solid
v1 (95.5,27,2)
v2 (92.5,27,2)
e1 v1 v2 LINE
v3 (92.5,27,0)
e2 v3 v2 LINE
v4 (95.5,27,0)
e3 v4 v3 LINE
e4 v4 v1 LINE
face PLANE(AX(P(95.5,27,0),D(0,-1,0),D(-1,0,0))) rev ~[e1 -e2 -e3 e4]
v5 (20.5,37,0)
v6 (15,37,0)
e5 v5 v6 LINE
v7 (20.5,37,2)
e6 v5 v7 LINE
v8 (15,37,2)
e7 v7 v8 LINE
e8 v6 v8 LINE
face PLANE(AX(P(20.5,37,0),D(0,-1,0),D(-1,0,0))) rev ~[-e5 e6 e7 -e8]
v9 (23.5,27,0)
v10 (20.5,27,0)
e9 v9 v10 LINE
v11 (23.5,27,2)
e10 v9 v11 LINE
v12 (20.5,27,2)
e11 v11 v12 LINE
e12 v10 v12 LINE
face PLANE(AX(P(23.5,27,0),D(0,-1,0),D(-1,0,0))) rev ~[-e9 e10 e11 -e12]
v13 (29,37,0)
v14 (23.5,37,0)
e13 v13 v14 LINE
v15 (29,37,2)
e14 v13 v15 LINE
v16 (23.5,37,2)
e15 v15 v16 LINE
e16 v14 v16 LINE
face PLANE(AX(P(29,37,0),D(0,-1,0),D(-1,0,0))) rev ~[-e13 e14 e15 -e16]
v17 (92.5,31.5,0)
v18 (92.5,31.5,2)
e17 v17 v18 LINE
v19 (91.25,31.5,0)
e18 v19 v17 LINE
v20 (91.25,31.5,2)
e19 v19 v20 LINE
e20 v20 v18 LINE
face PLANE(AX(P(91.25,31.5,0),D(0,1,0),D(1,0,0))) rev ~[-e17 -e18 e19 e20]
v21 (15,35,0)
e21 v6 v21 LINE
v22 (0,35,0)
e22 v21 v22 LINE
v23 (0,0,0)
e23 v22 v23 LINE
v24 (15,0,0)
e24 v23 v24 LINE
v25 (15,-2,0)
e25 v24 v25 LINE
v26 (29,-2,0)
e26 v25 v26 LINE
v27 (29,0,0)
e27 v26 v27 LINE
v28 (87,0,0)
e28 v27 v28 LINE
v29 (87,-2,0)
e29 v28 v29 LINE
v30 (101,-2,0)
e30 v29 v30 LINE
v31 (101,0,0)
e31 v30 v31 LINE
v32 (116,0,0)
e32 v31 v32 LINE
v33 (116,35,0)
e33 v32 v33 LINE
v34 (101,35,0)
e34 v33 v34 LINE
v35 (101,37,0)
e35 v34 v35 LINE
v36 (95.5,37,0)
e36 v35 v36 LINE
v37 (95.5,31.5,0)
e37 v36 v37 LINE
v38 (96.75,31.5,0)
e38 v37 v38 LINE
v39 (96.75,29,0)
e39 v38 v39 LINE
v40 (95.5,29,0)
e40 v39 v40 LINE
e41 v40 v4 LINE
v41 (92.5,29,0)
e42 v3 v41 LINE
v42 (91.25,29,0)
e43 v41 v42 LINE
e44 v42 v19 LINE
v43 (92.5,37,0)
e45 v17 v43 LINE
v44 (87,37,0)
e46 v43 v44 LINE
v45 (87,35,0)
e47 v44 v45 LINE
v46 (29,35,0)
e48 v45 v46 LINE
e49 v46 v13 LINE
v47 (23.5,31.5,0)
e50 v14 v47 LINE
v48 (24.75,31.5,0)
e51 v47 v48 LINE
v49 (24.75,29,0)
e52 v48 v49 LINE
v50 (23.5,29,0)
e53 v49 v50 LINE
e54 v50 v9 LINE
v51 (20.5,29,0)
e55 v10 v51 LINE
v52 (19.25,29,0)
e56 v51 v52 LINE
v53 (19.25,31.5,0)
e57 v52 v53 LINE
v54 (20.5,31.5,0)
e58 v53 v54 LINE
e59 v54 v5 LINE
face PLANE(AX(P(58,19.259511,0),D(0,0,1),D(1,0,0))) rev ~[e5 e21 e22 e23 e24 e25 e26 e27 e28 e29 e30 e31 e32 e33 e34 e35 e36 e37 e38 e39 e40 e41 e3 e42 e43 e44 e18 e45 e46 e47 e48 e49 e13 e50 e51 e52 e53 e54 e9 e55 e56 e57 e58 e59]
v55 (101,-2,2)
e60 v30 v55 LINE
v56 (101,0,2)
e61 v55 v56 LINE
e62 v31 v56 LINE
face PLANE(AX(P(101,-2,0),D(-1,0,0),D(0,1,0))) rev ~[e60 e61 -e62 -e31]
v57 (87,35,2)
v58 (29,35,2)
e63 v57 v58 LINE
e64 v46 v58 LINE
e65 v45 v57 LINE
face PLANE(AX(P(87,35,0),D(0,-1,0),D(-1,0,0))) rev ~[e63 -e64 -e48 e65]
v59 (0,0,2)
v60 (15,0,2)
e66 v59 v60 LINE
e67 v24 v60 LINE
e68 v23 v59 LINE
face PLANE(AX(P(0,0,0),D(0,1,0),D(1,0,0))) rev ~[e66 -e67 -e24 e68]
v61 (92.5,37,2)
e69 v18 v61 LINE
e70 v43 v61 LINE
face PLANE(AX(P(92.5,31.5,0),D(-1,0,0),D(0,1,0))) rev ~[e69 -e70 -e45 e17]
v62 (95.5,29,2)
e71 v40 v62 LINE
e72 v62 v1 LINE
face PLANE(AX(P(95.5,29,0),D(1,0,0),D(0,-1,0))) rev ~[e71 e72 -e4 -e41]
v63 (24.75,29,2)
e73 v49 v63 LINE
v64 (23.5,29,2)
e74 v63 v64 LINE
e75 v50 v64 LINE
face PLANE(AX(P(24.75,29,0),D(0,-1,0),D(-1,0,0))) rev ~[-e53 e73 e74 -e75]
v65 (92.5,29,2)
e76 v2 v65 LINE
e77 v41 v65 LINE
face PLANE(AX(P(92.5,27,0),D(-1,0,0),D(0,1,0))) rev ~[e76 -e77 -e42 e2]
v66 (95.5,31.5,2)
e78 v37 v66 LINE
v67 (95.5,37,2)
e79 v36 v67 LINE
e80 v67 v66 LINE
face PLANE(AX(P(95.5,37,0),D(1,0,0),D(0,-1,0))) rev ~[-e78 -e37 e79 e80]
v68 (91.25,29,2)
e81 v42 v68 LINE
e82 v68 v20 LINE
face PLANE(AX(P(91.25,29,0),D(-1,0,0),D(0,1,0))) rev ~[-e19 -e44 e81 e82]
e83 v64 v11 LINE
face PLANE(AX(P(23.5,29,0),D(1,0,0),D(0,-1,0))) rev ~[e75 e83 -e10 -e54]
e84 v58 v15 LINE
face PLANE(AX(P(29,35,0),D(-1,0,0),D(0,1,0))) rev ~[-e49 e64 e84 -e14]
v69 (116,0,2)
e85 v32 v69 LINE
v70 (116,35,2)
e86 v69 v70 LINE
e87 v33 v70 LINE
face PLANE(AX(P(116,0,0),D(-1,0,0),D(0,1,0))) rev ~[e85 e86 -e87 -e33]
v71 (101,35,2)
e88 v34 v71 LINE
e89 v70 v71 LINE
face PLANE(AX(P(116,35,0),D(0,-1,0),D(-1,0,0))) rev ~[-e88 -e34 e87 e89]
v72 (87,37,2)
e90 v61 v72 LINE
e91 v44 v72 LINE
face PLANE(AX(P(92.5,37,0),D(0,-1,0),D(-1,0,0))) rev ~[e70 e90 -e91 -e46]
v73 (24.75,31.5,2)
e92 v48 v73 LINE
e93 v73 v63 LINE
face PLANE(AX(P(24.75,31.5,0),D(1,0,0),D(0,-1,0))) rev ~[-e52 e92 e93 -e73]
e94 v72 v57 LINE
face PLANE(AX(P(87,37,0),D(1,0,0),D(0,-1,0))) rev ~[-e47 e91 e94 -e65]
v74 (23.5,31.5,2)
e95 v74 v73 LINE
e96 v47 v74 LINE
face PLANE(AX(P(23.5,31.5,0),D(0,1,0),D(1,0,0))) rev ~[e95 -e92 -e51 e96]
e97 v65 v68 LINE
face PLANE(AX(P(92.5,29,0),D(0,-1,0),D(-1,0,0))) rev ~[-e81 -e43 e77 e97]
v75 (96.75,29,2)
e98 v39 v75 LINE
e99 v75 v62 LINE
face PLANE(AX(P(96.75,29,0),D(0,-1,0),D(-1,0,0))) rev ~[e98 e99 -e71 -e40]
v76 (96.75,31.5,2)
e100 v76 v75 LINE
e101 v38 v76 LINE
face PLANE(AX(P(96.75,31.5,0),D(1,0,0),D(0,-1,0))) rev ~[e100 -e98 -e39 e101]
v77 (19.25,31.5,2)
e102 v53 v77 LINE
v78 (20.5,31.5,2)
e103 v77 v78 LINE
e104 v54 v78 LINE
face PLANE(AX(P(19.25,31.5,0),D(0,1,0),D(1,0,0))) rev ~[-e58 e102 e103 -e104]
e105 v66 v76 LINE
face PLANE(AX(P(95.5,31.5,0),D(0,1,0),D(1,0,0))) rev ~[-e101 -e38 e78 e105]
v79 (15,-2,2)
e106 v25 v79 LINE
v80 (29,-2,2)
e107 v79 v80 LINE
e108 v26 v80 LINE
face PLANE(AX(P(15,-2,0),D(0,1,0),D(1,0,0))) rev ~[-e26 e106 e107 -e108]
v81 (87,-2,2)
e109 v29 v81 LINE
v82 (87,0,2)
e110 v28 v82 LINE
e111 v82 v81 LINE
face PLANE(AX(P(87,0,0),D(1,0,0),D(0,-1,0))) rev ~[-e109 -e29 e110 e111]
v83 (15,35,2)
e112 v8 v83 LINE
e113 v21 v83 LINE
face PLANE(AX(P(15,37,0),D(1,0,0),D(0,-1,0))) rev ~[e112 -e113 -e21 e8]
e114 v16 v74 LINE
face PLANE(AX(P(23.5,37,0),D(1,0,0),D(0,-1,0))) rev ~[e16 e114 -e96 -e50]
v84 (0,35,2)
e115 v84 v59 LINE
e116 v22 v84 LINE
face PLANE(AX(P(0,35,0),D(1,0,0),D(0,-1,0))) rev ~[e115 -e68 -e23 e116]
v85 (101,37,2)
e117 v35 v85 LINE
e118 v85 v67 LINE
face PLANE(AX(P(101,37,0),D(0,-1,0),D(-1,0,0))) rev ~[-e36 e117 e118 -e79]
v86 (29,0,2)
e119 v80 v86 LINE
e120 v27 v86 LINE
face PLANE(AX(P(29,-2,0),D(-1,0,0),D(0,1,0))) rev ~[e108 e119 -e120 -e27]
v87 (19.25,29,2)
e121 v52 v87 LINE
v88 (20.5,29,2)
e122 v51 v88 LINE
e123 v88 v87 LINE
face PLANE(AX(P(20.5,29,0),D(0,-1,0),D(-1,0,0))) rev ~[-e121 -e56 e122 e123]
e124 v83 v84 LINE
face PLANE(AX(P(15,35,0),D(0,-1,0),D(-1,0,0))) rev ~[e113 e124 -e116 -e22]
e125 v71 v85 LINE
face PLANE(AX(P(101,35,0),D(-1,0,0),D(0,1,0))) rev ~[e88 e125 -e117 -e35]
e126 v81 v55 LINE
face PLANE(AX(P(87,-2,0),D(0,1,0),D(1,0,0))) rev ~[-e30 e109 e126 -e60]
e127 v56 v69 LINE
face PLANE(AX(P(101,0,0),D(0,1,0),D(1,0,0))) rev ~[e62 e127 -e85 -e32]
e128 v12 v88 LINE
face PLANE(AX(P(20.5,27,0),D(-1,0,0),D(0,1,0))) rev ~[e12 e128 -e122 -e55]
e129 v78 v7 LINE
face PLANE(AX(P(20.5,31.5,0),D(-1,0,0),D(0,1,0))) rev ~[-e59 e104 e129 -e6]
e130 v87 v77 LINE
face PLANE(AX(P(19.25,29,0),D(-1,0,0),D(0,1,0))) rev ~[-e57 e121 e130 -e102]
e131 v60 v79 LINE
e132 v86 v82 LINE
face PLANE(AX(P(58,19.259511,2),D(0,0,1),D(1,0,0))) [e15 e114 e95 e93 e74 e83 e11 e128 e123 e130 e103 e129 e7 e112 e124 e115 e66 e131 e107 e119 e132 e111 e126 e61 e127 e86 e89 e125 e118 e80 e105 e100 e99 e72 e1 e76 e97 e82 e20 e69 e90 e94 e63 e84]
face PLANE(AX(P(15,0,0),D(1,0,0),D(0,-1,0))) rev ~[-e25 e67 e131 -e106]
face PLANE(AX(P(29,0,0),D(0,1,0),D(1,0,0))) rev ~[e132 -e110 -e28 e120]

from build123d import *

# Parameters (mm, degrees)
MAIN_SLIDER_SIDE_DEPTH = 2


with BuildPart() as part:
    # Sketch1 → Main Slider Side (new body)
    with BuildSketch(Plane.XY):
        Polygon((0, 0), (15, 0), (15, -2), (29, -2), (29, 0), (87, 0), (87, -2), (101, -2), (101, 0), (116, 0), (116, 35), (101, 35), (101, 37), (95.5, 37), (95.5, 31.5), (96.75, 31.5), (96.75, 29), (95.5, 29), (95.5, 27), (92.5, 27), (92.5, 29), (91.25, 29), (91.25, 31.5), (92.5, 31.5), (92.5, 37), (87, 37), (87, 35), (29, 35), (29, 37), (23.5, 37), (23.5, 31.5), (24.75, 31.5), (24.75, 29), (23.5, 29), (23.5, 27), (20.5, 27), (20.5, 29), (19.25, 29), (19.25, 31.5), (20.5, 31.5), (20.5, 37), (15, 37), (15, 35), (0, 35), align=None)
    extrude(amount=MAIN_SLIDER_SIDE_DEPTH)


solid = part.part
